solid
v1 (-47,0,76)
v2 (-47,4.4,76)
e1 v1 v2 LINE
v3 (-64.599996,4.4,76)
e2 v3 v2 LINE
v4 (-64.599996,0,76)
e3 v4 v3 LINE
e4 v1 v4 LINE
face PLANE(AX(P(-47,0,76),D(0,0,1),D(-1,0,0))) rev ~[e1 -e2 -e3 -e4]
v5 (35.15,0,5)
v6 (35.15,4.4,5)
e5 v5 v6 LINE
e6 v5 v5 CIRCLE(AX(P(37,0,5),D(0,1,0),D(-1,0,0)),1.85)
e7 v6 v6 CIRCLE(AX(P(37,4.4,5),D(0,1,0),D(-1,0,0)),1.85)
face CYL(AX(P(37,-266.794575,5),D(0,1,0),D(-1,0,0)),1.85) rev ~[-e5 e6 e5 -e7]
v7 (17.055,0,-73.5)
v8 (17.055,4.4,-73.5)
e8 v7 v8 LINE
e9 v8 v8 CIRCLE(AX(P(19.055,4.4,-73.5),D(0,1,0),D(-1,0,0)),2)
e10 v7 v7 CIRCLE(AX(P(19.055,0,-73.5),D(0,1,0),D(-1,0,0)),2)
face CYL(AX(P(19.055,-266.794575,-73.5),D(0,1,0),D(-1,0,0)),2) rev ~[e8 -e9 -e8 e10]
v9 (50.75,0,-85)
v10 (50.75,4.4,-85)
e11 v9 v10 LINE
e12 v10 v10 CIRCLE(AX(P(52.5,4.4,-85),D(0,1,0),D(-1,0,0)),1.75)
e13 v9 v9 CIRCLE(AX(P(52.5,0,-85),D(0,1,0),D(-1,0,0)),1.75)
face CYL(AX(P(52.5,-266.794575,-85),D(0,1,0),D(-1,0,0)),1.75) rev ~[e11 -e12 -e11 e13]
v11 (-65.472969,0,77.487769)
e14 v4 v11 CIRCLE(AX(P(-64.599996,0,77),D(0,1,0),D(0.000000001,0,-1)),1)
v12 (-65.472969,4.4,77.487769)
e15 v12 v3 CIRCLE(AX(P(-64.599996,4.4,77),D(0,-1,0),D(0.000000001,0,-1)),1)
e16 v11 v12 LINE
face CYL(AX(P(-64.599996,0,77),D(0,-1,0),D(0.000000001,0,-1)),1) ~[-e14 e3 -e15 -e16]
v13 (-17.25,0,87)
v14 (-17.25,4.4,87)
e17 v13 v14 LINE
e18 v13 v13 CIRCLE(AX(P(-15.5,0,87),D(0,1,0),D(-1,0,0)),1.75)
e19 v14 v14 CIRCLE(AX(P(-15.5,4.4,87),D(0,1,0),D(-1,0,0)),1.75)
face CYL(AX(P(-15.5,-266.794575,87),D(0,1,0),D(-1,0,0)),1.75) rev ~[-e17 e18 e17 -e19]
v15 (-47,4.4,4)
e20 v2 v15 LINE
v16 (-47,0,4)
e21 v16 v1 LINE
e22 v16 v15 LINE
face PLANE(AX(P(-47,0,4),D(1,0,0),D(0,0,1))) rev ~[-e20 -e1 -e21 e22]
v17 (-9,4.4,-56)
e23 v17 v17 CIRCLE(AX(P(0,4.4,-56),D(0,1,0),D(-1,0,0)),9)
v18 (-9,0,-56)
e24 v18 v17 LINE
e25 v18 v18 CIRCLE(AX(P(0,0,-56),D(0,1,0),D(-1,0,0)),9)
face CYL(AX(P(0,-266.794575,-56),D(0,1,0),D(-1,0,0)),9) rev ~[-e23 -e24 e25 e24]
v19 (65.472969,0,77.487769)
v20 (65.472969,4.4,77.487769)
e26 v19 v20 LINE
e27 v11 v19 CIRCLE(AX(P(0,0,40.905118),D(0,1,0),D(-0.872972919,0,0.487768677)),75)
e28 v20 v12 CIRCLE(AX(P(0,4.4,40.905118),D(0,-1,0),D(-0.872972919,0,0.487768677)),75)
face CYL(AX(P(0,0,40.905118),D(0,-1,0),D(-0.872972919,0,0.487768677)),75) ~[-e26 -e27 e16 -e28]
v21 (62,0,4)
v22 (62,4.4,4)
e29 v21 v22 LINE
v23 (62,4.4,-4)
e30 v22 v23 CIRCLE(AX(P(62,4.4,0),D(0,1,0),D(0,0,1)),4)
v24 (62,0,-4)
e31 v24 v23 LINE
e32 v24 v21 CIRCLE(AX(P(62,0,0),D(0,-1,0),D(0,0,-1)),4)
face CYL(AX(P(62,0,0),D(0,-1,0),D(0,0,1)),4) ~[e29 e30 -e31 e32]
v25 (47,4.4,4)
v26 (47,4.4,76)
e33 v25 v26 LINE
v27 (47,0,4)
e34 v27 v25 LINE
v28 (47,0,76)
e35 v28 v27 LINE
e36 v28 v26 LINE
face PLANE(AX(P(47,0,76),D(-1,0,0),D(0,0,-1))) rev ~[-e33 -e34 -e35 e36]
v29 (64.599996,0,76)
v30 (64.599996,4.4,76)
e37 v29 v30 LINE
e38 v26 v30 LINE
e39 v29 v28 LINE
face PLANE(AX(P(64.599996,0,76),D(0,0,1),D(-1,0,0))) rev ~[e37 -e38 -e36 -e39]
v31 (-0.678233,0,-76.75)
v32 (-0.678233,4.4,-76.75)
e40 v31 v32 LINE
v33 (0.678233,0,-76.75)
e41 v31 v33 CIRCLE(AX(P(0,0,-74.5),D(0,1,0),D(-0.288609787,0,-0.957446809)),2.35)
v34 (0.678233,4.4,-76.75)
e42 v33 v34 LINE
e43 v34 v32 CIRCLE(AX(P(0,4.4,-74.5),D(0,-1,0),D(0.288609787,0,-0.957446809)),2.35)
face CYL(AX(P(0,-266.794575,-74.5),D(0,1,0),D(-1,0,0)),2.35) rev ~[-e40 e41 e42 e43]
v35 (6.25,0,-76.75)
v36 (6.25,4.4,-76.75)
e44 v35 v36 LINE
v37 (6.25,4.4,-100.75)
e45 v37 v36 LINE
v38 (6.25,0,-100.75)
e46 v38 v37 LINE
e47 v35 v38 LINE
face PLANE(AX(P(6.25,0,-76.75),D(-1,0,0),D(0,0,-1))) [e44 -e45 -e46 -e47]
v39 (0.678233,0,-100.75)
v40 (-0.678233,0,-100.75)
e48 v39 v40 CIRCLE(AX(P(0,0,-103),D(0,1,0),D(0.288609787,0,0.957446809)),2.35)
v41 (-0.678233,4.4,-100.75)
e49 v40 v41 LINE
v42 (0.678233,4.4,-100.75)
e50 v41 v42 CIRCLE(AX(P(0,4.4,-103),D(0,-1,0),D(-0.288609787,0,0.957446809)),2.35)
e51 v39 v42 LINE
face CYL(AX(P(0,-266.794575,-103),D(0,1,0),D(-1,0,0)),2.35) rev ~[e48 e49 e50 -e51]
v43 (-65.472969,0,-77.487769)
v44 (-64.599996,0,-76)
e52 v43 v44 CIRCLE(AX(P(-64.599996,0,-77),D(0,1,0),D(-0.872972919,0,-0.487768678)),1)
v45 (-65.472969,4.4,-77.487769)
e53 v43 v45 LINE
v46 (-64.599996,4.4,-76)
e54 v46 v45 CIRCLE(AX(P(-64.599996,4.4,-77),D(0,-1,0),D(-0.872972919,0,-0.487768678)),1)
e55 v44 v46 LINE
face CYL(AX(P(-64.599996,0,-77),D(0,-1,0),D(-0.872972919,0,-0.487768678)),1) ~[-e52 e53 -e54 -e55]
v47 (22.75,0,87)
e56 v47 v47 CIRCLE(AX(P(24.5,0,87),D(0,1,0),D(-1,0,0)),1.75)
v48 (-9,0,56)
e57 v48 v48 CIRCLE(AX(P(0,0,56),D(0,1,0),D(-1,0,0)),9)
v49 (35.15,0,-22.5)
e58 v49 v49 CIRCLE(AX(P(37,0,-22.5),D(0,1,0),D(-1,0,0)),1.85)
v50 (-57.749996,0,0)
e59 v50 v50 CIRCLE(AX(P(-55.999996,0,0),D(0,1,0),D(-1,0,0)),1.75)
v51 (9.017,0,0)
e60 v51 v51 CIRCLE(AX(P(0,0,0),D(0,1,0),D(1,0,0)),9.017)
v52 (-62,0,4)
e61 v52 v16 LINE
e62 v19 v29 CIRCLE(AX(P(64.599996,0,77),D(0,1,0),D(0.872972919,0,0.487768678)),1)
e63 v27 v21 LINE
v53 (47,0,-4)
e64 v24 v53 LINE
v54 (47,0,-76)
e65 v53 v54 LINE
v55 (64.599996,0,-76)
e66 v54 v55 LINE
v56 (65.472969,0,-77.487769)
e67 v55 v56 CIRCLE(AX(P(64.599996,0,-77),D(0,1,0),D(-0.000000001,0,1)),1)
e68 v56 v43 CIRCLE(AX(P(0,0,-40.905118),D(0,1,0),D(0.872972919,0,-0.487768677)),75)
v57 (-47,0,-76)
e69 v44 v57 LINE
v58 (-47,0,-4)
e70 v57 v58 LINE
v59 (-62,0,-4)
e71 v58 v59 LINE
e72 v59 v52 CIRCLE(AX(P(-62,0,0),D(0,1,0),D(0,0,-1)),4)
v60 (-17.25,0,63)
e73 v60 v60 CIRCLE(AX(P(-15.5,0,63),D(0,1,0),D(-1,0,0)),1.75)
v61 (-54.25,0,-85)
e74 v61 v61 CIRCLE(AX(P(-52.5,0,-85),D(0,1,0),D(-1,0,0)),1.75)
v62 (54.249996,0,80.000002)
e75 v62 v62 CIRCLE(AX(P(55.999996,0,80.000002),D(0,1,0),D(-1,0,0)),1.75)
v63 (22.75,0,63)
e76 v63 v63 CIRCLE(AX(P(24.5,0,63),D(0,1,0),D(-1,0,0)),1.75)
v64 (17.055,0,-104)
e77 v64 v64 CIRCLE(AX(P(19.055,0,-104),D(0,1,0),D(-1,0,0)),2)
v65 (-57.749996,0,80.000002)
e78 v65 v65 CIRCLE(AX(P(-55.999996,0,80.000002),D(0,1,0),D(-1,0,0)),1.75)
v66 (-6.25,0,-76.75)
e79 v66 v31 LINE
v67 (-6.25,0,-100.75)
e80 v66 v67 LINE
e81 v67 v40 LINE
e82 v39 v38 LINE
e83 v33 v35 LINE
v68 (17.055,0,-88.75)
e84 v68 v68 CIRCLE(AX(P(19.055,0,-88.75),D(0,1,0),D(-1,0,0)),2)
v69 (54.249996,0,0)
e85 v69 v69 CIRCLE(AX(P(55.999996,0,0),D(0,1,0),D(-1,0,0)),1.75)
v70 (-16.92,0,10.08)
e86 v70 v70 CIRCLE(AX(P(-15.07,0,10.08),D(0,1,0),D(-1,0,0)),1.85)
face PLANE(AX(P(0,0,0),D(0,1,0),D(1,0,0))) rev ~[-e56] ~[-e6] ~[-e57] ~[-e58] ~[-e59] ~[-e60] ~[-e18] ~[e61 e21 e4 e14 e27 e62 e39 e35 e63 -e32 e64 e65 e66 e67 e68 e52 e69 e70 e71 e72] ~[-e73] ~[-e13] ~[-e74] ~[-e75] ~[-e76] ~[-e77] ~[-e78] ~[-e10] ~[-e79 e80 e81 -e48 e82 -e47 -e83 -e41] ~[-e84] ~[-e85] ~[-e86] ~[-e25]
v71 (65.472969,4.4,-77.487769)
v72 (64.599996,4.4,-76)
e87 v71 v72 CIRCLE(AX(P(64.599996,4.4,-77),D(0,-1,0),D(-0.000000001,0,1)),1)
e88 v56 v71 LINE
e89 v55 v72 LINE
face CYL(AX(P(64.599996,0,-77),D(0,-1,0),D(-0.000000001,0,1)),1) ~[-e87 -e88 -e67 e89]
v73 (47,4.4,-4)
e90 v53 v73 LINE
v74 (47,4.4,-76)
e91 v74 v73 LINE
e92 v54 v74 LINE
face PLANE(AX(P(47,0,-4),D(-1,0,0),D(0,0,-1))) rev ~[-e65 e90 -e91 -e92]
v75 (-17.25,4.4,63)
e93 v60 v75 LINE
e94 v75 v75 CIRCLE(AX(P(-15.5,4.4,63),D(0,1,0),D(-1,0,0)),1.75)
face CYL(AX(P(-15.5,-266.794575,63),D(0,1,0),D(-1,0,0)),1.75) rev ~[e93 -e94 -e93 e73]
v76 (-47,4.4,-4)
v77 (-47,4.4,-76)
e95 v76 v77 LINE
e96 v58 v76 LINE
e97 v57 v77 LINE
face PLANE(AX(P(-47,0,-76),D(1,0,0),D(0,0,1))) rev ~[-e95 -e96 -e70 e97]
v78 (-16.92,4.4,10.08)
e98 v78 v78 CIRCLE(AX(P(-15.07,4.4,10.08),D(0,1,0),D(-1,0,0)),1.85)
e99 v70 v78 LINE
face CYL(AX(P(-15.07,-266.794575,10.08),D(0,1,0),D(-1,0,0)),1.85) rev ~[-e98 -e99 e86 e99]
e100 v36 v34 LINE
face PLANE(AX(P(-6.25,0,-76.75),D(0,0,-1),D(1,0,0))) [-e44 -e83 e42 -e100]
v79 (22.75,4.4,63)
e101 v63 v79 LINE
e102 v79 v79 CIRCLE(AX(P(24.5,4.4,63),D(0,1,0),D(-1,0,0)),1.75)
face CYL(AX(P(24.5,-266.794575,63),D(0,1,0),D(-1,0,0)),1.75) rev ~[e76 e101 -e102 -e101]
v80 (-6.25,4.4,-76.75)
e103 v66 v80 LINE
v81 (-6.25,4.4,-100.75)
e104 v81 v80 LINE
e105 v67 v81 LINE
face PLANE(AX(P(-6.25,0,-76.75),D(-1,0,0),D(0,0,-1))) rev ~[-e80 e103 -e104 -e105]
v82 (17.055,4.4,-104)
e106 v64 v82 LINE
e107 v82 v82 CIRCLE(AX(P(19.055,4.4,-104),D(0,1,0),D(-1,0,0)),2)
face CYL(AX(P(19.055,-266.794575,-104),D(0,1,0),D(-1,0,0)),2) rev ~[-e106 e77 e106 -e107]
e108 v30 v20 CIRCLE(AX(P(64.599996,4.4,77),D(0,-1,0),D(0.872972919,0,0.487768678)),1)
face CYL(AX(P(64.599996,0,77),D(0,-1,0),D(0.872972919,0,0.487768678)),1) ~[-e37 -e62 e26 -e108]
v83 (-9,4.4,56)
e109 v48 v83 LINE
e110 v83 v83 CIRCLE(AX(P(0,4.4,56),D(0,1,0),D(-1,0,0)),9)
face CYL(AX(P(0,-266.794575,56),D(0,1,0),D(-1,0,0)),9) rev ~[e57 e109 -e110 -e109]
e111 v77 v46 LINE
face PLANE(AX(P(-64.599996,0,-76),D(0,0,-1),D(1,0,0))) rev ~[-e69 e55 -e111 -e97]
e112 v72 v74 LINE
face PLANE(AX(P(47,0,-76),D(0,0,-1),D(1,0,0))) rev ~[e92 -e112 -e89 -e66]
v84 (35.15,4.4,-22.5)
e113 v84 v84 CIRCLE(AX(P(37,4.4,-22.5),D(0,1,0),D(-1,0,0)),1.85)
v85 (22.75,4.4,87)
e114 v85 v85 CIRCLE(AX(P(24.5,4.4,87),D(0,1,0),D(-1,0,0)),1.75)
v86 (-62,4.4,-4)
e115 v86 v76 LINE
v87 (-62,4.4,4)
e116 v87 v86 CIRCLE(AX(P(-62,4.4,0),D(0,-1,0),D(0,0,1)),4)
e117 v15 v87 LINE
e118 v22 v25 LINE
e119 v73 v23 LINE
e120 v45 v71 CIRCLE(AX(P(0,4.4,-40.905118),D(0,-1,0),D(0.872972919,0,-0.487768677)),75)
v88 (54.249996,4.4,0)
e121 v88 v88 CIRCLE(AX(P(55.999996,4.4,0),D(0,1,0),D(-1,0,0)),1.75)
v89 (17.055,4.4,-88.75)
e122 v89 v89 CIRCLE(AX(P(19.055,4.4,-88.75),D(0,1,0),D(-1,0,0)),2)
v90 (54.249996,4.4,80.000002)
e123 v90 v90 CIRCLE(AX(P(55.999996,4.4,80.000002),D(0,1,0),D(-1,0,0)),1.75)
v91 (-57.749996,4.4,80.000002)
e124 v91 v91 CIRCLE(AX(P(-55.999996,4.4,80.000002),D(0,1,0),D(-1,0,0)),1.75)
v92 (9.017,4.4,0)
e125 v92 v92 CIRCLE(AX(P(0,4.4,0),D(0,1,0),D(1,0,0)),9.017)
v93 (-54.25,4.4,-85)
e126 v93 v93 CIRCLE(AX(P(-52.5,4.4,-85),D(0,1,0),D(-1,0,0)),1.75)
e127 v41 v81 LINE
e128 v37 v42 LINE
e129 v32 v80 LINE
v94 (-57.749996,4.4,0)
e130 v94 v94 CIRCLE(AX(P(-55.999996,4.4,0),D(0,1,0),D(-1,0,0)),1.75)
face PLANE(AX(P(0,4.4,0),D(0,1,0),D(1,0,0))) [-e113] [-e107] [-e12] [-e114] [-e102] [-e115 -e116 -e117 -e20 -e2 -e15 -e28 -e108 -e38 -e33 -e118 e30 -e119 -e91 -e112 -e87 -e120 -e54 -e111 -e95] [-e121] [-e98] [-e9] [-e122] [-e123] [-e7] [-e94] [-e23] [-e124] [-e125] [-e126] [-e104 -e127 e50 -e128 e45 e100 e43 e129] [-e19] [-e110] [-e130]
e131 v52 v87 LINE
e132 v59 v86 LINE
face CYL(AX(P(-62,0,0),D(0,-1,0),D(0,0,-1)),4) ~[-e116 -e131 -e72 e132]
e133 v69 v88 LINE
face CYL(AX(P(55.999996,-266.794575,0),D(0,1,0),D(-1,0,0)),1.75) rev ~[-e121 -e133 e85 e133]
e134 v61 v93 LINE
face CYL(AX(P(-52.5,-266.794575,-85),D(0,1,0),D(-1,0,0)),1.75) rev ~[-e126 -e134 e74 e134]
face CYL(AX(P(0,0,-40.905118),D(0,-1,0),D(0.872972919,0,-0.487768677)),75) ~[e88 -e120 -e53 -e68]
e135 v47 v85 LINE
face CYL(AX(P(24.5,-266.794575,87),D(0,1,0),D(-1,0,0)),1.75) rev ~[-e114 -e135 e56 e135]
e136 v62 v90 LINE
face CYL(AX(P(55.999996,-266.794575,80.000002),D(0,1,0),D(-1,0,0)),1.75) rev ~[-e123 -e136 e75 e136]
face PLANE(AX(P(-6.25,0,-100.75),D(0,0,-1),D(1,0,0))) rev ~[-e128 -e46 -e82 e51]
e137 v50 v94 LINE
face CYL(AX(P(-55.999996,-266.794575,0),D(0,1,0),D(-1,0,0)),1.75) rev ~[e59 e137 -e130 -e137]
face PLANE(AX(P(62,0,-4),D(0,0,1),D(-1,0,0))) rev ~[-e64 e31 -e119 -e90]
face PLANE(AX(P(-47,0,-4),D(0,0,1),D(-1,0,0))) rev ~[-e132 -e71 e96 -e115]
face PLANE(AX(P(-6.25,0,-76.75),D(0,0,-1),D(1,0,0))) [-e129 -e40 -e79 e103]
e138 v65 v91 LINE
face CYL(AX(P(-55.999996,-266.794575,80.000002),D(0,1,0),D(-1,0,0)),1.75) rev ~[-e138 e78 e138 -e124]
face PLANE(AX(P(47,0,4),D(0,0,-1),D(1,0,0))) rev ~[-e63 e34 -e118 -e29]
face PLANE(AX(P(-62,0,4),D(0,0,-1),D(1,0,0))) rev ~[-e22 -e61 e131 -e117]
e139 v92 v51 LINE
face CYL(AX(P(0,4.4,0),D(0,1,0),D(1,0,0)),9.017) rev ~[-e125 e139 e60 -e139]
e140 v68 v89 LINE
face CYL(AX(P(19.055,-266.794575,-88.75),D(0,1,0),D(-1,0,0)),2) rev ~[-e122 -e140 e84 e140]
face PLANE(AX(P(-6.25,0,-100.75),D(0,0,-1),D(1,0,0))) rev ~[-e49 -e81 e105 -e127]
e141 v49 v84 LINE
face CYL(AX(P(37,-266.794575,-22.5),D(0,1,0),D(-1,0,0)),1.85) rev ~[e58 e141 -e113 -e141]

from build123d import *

# Parameters (mm, degrees)
SKETCH2_W                  = 132
SKETCH2_H                  = 232
PLATE_SIZE_DEPTH           = 4.4
SKETCH4_OUTSIDE_W          = 187.392
SKETCH4_OUTSIDE_H          = 287.392
OUTER_PROFILE_DEPTH        = 5.4
M3_CLEARANCE_HOLE1_D       = 3.5
F_18_0_18_DIAMETER_HOLE4_D = 18
M3_CLEARANCE_HOLE2_D       = 3.5
SKETCH13_W                 = 12.5
SKETCH13_H                 = 24
SERVO_CLEARANCE_DEPTH      = 5.4
M3_HEAD_CLEARANCE_HOLE3_D  = 4.7
M3_CLEARANCE_HOLE4_D       = 4
M3_CLEARANCE_HOLE5_D       = 3.7
SKETCH20_R                 = 9.017
CUT_EXTRUDE1_DEPTH         = 6.35


with BuildPart() as part:
    # Sketch2 → Plate Size (new body)
    with BuildSketch(Plane(origin=(0, 0, 0), x_dir=(1, 0, 0), z_dir=(0, 1, 0))):
        Rectangle(SKETCH2_W, SKETCH2_H)
    extrude(amount=PLATE_SIZE_DEPTH)

    # Sketch4 outside → Outer Profile (cut, through all)
    with BuildSketch(Plane(origin=(0, 0, 0), x_dir=(1, 0, 0), z_dir=(0, 1, 0))):
        Rectangle(SKETCH4_OUTSIDE_W, SKETCH4_OUTSIDE_H)
        with BuildLine():
            Line((-64.599996007, 76), (-47, 76))
            Line((-47, 76), (-47, 4))
            Line((-47, 4), (-62, 4))
            ThreePointArc((-62, 4), (-66, 0), (-62, -4))
            Line((-62, -4), (-47, -4))
            Line((-47, -4), (-47, -76))
            Line((-47, -76), (-64.599996007, -76))
            ThreePointArc((-64.599996007, -76), (-65.462483305, -76.493921289), (-65.472968926, -77.487768677))
            ThreePointArc((-65.472968926, -77.487768677), (0, -115.905117871), (65.472968926, -77.487768677))
            ThreePointArc((65.472968926, -77.487768677), (65.462483305, -76.493921289), (64.599996007, -76))
            Line((64.599996007, -76), (47, -76))
            Line((47, -76), (47, -4))
            Line((47, -4), (62, -4))
            ThreePointArc((62, -4), (66, 0), (62, 4))
            Line((62, 4), (47, 4))
            Line((47, 4), (47, 76))
            Line((47, 76), (64.599996007, 76))
            ThreePointArc((64.599996007, 76), (65.462483305, 76.493921289), (65.472968926, 77.487768677))
            ThreePointArc((65.472968926, 77.487768677), (0, 115.905117871), (-65.472968926, 77.487768677))
            ThreePointArc((-65.472968926, 77.487768677), (-65.462483305, 76.493921289), (-64.599996007, 76))
        make_face(mode=Mode.SUBTRACT)
    extrude(amount=OUTER_PROFILE_DEPTH, mode=Mode.SUBTRACT)

    # M3 Clearance Hole1 (through all)
    with Locations(Plane.XZ):
        with Locations((-55.999996141, 80.000001937), (55.999996141, 80.000001937), (-52.5, -85), (52.5, -85), (-55.999996141, 0), (55.999996141, 0)):
            Hole(M3_CLEARANCE_HOLE1_D / 2)

    # Ø18.0 (18) Diameter Hole4 (through all)
    with Locations(Plane.XZ):
        with Locations((0, -56), (0, 56)):
            Hole(F_18_0_18_DIAMETER_HOLE4_D / 2)

    # M3 Clearance Hole2 (through all)
    with Locations(Plane.XZ):
        with Locations((24.5, 87), (-15.5, 63), (-15.5, 87), (24.5, 63)):
            Hole(M3_CLEARANCE_HOLE2_D / 2)

    # Sketch13 → Servo Clearance (cut, through all)
    with BuildSketch(Plane(origin=(0, 0, 0), x_dir=(1, 0, 0), z_dir=(0, 1, 0))):
        with Locations((0, 88.75)):
            Rectangle(SKETCH13_W, SKETCH13_H)
    extrude(amount=SERVO_CLEARANCE_DEPTH, mode=Mode.SUBTRACT)

    # M3 Head Clearance Hole3 (through all)
    with Locations(Plane.XZ):
        with Locations((0, -103), (0, -74.5)):
            Hole(M3_HEAD_CLEARANCE_HOLE3_D / 2)

    # M3 Clearance Hole4 (through all)
    with Locations(Plane.XZ):
        with Locations((19.055000068, -73.5), (19.055000068, -88.75), (19.055000068, -104)):
            Hole(M3_CLEARANCE_HOLE4_D / 2)

    # M3 Clearance Hole5 (through all)
    with Locations(Plane.XZ):
        with Locations((37, -22.5), (-15.07, 10.08), (37, 5)):
            Hole(M3_CLEARANCE_HOLE5_D / 2)

    # Sketch20 → Cut-Extrude1 (cut)
    with BuildSketch(Plane(origin=(0, 4.4, 0), x_dir=(1, 0, 0), z_dir=(0, 1, 0))):
        Circle(SKETCH20_R)
    extrude(amount=-CUT_EXTRUDE1_DEPTH, mode=Mode.SUBTRACT)


solid = part.part
